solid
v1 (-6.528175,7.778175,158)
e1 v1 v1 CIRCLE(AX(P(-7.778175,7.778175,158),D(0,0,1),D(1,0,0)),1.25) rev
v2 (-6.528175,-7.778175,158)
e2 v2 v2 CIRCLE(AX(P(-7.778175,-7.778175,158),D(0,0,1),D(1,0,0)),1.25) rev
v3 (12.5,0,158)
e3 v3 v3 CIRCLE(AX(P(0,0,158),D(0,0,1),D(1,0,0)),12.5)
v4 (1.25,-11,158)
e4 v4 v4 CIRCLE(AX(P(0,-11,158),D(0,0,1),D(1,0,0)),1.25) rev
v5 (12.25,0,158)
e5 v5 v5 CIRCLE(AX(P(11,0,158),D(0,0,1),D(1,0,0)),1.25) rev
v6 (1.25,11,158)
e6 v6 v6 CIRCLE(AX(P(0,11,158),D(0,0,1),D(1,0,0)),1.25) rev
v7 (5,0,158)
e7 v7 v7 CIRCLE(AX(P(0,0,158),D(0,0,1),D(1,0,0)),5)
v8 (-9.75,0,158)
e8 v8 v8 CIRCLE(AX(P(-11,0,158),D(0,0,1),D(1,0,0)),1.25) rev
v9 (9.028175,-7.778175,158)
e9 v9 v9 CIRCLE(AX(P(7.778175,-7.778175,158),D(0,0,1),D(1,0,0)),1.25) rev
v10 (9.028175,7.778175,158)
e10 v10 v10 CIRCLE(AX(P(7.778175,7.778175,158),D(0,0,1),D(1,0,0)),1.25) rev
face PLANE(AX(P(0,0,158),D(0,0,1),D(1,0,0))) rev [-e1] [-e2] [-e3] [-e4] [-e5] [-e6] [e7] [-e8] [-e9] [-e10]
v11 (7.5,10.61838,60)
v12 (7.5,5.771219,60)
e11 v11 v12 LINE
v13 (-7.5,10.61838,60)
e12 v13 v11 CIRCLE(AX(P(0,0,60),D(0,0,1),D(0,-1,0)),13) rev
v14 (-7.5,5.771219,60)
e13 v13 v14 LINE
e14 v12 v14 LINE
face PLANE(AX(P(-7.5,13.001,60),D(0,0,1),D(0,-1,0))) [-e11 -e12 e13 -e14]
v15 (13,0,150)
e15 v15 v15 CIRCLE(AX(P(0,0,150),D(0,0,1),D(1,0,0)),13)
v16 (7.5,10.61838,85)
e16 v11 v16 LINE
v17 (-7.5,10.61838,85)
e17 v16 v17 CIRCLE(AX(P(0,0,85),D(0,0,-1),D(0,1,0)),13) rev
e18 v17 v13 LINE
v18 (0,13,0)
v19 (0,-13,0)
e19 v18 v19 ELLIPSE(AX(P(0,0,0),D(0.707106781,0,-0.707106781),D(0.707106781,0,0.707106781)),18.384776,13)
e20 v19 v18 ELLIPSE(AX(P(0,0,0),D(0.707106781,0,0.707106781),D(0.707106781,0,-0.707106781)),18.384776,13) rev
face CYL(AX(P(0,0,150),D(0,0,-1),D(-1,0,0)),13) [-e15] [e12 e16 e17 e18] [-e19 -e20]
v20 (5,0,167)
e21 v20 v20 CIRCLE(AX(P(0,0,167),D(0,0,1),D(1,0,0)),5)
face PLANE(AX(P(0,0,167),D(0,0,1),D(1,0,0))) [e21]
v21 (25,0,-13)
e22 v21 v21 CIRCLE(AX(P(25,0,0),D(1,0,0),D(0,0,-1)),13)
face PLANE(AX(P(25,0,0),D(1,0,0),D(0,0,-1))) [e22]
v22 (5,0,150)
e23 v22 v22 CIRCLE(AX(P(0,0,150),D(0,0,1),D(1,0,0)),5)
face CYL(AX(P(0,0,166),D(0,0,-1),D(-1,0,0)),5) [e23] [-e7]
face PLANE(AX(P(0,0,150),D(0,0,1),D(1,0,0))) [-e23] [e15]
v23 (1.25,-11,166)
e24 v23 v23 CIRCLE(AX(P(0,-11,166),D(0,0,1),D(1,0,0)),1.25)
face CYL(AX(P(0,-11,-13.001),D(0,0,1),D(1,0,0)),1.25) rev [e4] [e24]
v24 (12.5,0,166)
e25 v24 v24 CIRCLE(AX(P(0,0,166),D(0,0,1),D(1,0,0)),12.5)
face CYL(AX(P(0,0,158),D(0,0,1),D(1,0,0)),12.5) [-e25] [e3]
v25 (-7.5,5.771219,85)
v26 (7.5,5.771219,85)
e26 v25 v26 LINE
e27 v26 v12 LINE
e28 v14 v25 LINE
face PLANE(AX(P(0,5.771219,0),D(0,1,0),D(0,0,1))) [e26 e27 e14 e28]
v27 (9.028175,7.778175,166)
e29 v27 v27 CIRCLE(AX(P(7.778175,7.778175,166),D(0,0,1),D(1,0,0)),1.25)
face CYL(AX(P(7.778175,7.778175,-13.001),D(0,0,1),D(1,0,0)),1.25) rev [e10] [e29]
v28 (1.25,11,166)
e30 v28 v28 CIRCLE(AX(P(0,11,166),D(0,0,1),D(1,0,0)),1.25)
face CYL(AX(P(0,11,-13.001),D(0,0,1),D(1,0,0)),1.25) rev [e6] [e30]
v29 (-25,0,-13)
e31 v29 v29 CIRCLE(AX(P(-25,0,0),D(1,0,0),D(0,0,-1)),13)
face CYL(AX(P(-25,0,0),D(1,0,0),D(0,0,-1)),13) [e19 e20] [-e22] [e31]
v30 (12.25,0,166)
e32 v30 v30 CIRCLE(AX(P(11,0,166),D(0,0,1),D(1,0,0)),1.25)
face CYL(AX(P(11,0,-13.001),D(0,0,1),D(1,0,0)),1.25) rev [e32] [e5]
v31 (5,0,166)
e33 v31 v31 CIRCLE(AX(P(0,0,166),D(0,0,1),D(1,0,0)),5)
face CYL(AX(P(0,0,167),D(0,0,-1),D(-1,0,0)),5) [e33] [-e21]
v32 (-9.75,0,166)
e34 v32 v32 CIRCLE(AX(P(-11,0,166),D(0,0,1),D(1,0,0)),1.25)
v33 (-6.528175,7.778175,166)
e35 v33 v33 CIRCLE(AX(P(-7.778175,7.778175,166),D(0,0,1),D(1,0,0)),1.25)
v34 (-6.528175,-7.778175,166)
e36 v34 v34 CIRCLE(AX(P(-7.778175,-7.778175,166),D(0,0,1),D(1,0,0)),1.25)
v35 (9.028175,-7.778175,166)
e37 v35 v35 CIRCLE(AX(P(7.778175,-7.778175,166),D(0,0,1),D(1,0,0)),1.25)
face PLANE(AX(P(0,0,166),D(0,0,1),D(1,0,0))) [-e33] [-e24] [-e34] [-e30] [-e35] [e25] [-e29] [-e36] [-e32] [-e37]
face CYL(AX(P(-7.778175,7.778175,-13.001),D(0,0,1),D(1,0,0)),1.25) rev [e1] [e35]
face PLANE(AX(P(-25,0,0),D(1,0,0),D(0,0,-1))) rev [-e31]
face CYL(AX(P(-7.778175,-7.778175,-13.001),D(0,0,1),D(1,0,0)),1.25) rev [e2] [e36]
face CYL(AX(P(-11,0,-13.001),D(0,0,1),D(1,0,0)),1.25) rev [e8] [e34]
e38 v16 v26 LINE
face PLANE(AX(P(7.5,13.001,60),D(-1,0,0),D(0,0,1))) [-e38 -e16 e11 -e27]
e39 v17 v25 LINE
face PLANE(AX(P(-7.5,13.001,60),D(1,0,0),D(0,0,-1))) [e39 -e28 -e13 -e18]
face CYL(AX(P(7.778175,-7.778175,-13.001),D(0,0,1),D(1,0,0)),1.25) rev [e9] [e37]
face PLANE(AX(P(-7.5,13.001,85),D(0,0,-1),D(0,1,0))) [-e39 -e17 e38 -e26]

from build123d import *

# Parameters (mm, degrees)
AUFSATZ_LINEAR_AUSTRAGEN1_DEPTH      = 25
AUFSATZ_LINEAR_AUSTRAGEN1_DEPTH_BACK = 25
SKIZZE1_R                            = 13
SKIZZE2_R                            = 13
AUFSATZ_LINEAR_AUSTRAGEN2_DEPTH      = 150
SKIZZE4_R                            = 5
AUFSATZ_LINEAR_AUSTRAGEN3_DEPTH      = 16
SKIZZE5_R                            = 12.5
AUFSATZ_LINEAR_AUSTRAGEN4_DEPTH      = 8
SKIZZE6_R                            = 5
AUFSATZ_LINEAR_AUSTRAGEN5_DEPTH      = 1
SCHNITT_LINEAR_AUSTRAGEN2_REACH      = 183.204
SKIZZE7_R                            = 1.25
SCHNITT_LINEAR_AUSTRAGEN3_REACH      = 171.901
SCHNITT_LINEAR_AUSTRAGEN3_END_RADIUS = 13
SKIZZE8_W                            = 15
SKIZZE8_H                            = 25


with BuildPart() as part:
    # Skizze1 → Aufsatz-Linear austragen1 (new, two sides: drawn at the far end of the back side and taken through both)
    with BuildSketch(Plane(origin=(0, 0, 0), x_dir=(0, 0, -1), z_dir=(1, 0, 0)).offset(-AUFSATZ_LINEAR_AUSTRAGEN1_DEPTH_BACK)):
        Circle(SKIZZE1_R)
    extrude(amount=AUFSATZ_LINEAR_AUSTRAGEN1_DEPTH + AUFSATZ_LINEAR_AUSTRAGEN1_DEPTH_BACK)

    # Skizze2 → Aufsatz-Linear austragen2 (add)
    with BuildSketch(Plane.XY):
        with Locations(Location((0, 0, 0), (0, 0, 90))):
            Circle(SKIZZE2_R)
    extrude(amount=AUFSATZ_LINEAR_AUSTRAGEN2_DEPTH)

    # Skizze4 → Aufsatz-Linear austragen3 (add)
    with BuildSketch(Plane.XY.offset(150)):
        Circle(SKIZZE4_R)
    extrude(amount=AUFSATZ_LINEAR_AUSTRAGEN3_DEPTH)

    # Skizze5 → Aufsatz-Linear austragen4 (add)
    with BuildSketch(Plane.XY.offset(166)):
        Circle(SKIZZE5_R)
    extrude(amount=-AUFSATZ_LINEAR_AUSTRAGEN4_DEPTH)

    # Skizze6 → Aufsatz-Linear austragen5 (add)
    with BuildSketch(Plane.XY.offset(166)):
        Circle(SKIZZE6_R)
    extrude(amount=AUFSATZ_LINEAR_AUSTRAGEN5_DEPTH)

    # Skizze7 → Schnitt-Linear austragen2 (cut, up to next)
    with BuildSketch(Plane.XY.offset(166), mode=Mode.PRIVATE) as schnitt_linear_austragen2_sk1:
        with Locations((-11, 0)):
            Circle(SKIZZE7_R)
    schnitt_linear_austragen2_tool1 = extrude(schnitt_linear_austragen2_sk1.sketch, amount=-SCHNITT_LINEAR_AUSTRAGEN2_REACH, mode=Mode.PRIVATE) & part.part
    # Skizze7 → Schnitt-Linear austragen2 (cut, up to next)
    with BuildSketch(Plane.XY.offset(166), mode=Mode.PRIVATE) as schnitt_linear_austragen2_sk2:
        with Locations((-7.778174593, 7.778174593)):
            Circle(SKIZZE7_R)
    schnitt_linear_austragen2_tool2 = extrude(schnitt_linear_austragen2_sk2.sketch, amount=-SCHNITT_LINEAR_AUSTRAGEN2_REACH, mode=Mode.PRIVATE) & part.part
    # Skizze7 → Schnitt-Linear austragen2 (cut, up to next)
    with BuildSketch(Plane.XY.offset(166), mode=Mode.PRIVATE) as schnitt_linear_austragen2_sk3:
        with Locations((7.778174593, 7.778174593)):
            Circle(SKIZZE7_R)
    schnitt_linear_austragen2_tool3 = extrude(schnitt_linear_austragen2_sk3.sketch, amount=-SCHNITT_LINEAR_AUSTRAGEN2_REACH, mode=Mode.PRIVATE) & part.part
    # Skizze7 → Schnitt-Linear austragen2 (cut, up to next)
    with BuildSketch(Plane.XY.offset(166), mode=Mode.PRIVATE) as schnitt_linear_austragen2_sk4:
        with Locations((11, 0)):
            Circle(SKIZZE7_R)
    schnitt_linear_austragen2_tool4 = extrude(schnitt_linear_austragen2_sk4.sketch, amount=-SCHNITT_LINEAR_AUSTRAGEN2_REACH, mode=Mode.PRIVATE) & part.part
    # Skizze7 → Schnitt-Linear austragen2 (cut, up to next)
    with BuildSketch(Plane.XY.offset(166), mode=Mode.PRIVATE) as schnitt_linear_austragen2_sk5:
        with Locations((7.778174593, -7.778174593)):
            Circle(SKIZZE7_R)
    schnitt_linear_austragen2_tool5 = extrude(schnitt_linear_austragen2_sk5.sketch, amount=-SCHNITT_LINEAR_AUSTRAGEN2_REACH, mode=Mode.PRIVATE) & part.part
    # Skizze7 → Schnitt-Linear austragen2 (cut, up to next)
    with BuildSketch(Plane.XY.offset(166), mode=Mode.PRIVATE) as schnitt_linear_austragen2_sk6:
        with Locations((-7.778174593, -7.778174593)):
            Circle(SKIZZE7_R)
    schnitt_linear_austragen2_tool6 = extrude(schnitt_linear_austragen2_sk6.sketch, amount=-SCHNITT_LINEAR_AUSTRAGEN2_REACH, mode=Mode.PRIVATE) & part.part
    # Skizze7 → Schnitt-Linear austragen2 (cut, up to next)
    with BuildSketch(Plane.XY.offset(166), mode=Mode.PRIVATE) as schnitt_linear_austragen2_sk7:
        with Locations((0, -11)):
            Circle(SKIZZE7_R)
    schnitt_linear_austragen2_tool7 = extrude(schnitt_linear_austragen2_sk7.sketch, amount=-SCHNITT_LINEAR_AUSTRAGEN2_REACH, mode=Mode.PRIVATE) & part.part
    # Skizze7 → Schnitt-Linear austragen2 (cut, up to next)
    with BuildSketch(Plane.XY.offset(166), mode=Mode.PRIVATE) as schnitt_linear_austragen2_sk8:
        with Locations((0, 11)):
            Circle(SKIZZE7_R)
    schnitt_linear_austragen2_tool8 = extrude(schnitt_linear_austragen2_sk8.sketch, amount=-SCHNITT_LINEAR_AUSTRAGEN2_REACH, mode=Mode.PRIVATE) & part.part
    add(schnitt_linear_austragen2_tool1.solids().sort_by_distance((-11, 0, 166))[0], mode=Mode.SUBTRACT)
    add(schnitt_linear_austragen2_tool2.solids().sort_by_distance((-7.778175, 7.778175, 166))[0], mode=Mode.SUBTRACT)
    add(schnitt_linear_austragen2_tool3.solids().sort_by_distance((7.778175, 7.778175, 166))[0], mode=Mode.SUBTRACT)
    add(schnitt_linear_austragen2_tool4.solids().sort_by_distance((11, 0, 166))[0], mode=Mode.SUBTRACT)
    add(schnitt_linear_austragen2_tool5.solids().sort_by_distance((7.778175, -7.778175, 166))[0], mode=Mode.SUBTRACT)
    add(schnitt_linear_austragen2_tool6.solids().sort_by_distance((-7.778175, -7.778175, 166))[0], mode=Mode.SUBTRACT)
    add(schnitt_linear_austragen2_tool7.solids().sort_by_distance((0, -11, 166))[0], mode=Mode.SUBTRACT)
    add(schnitt_linear_austragen2_tool8.solids().sort_by_distance((0, 11, 166))[0], mode=Mode.SUBTRACT)

    # Schnitt-Linear austragen3: up to this cylinder (the profile starts inside it)
    schnitt_linear_austragen3_end = Plane(origin=(0, 0, 72.5), z_dir=(0, 0, -1)) * Cylinder(SCHNITT_LINEAR_AUSTRAGEN3_END_RADIUS, 370.802, mode=Mode.PRIVATE)
    # Skizze8 → Schnitt-Linear austragen3 (cut, up to the surface)
    with BuildSketch(Plane(origin=(0, 5.771219274, 0), x_dir=(1, 0, 0), z_dir=(0, 1, 0)), mode=Mode.PRIVATE) as schnitt_linear_austragen3_sk1:
        with Locations((0, -72.5)):
            Rectangle(SKIZZE8_W, SKIZZE8_H)
    schnitt_linear_austragen3_tool1 = extrude(schnitt_linear_austragen3_sk1.sketch, amount=SCHNITT_LINEAR_AUSTRAGEN3_REACH, mode=Mode.PRIVATE) & schnitt_linear_austragen3_end
    add(schnitt_linear_austragen3_tool1.solids().sort_by_distance((0, 5.771219, 72.5))[0], mode=Mode.SUBTRACT)


solid = part.part
